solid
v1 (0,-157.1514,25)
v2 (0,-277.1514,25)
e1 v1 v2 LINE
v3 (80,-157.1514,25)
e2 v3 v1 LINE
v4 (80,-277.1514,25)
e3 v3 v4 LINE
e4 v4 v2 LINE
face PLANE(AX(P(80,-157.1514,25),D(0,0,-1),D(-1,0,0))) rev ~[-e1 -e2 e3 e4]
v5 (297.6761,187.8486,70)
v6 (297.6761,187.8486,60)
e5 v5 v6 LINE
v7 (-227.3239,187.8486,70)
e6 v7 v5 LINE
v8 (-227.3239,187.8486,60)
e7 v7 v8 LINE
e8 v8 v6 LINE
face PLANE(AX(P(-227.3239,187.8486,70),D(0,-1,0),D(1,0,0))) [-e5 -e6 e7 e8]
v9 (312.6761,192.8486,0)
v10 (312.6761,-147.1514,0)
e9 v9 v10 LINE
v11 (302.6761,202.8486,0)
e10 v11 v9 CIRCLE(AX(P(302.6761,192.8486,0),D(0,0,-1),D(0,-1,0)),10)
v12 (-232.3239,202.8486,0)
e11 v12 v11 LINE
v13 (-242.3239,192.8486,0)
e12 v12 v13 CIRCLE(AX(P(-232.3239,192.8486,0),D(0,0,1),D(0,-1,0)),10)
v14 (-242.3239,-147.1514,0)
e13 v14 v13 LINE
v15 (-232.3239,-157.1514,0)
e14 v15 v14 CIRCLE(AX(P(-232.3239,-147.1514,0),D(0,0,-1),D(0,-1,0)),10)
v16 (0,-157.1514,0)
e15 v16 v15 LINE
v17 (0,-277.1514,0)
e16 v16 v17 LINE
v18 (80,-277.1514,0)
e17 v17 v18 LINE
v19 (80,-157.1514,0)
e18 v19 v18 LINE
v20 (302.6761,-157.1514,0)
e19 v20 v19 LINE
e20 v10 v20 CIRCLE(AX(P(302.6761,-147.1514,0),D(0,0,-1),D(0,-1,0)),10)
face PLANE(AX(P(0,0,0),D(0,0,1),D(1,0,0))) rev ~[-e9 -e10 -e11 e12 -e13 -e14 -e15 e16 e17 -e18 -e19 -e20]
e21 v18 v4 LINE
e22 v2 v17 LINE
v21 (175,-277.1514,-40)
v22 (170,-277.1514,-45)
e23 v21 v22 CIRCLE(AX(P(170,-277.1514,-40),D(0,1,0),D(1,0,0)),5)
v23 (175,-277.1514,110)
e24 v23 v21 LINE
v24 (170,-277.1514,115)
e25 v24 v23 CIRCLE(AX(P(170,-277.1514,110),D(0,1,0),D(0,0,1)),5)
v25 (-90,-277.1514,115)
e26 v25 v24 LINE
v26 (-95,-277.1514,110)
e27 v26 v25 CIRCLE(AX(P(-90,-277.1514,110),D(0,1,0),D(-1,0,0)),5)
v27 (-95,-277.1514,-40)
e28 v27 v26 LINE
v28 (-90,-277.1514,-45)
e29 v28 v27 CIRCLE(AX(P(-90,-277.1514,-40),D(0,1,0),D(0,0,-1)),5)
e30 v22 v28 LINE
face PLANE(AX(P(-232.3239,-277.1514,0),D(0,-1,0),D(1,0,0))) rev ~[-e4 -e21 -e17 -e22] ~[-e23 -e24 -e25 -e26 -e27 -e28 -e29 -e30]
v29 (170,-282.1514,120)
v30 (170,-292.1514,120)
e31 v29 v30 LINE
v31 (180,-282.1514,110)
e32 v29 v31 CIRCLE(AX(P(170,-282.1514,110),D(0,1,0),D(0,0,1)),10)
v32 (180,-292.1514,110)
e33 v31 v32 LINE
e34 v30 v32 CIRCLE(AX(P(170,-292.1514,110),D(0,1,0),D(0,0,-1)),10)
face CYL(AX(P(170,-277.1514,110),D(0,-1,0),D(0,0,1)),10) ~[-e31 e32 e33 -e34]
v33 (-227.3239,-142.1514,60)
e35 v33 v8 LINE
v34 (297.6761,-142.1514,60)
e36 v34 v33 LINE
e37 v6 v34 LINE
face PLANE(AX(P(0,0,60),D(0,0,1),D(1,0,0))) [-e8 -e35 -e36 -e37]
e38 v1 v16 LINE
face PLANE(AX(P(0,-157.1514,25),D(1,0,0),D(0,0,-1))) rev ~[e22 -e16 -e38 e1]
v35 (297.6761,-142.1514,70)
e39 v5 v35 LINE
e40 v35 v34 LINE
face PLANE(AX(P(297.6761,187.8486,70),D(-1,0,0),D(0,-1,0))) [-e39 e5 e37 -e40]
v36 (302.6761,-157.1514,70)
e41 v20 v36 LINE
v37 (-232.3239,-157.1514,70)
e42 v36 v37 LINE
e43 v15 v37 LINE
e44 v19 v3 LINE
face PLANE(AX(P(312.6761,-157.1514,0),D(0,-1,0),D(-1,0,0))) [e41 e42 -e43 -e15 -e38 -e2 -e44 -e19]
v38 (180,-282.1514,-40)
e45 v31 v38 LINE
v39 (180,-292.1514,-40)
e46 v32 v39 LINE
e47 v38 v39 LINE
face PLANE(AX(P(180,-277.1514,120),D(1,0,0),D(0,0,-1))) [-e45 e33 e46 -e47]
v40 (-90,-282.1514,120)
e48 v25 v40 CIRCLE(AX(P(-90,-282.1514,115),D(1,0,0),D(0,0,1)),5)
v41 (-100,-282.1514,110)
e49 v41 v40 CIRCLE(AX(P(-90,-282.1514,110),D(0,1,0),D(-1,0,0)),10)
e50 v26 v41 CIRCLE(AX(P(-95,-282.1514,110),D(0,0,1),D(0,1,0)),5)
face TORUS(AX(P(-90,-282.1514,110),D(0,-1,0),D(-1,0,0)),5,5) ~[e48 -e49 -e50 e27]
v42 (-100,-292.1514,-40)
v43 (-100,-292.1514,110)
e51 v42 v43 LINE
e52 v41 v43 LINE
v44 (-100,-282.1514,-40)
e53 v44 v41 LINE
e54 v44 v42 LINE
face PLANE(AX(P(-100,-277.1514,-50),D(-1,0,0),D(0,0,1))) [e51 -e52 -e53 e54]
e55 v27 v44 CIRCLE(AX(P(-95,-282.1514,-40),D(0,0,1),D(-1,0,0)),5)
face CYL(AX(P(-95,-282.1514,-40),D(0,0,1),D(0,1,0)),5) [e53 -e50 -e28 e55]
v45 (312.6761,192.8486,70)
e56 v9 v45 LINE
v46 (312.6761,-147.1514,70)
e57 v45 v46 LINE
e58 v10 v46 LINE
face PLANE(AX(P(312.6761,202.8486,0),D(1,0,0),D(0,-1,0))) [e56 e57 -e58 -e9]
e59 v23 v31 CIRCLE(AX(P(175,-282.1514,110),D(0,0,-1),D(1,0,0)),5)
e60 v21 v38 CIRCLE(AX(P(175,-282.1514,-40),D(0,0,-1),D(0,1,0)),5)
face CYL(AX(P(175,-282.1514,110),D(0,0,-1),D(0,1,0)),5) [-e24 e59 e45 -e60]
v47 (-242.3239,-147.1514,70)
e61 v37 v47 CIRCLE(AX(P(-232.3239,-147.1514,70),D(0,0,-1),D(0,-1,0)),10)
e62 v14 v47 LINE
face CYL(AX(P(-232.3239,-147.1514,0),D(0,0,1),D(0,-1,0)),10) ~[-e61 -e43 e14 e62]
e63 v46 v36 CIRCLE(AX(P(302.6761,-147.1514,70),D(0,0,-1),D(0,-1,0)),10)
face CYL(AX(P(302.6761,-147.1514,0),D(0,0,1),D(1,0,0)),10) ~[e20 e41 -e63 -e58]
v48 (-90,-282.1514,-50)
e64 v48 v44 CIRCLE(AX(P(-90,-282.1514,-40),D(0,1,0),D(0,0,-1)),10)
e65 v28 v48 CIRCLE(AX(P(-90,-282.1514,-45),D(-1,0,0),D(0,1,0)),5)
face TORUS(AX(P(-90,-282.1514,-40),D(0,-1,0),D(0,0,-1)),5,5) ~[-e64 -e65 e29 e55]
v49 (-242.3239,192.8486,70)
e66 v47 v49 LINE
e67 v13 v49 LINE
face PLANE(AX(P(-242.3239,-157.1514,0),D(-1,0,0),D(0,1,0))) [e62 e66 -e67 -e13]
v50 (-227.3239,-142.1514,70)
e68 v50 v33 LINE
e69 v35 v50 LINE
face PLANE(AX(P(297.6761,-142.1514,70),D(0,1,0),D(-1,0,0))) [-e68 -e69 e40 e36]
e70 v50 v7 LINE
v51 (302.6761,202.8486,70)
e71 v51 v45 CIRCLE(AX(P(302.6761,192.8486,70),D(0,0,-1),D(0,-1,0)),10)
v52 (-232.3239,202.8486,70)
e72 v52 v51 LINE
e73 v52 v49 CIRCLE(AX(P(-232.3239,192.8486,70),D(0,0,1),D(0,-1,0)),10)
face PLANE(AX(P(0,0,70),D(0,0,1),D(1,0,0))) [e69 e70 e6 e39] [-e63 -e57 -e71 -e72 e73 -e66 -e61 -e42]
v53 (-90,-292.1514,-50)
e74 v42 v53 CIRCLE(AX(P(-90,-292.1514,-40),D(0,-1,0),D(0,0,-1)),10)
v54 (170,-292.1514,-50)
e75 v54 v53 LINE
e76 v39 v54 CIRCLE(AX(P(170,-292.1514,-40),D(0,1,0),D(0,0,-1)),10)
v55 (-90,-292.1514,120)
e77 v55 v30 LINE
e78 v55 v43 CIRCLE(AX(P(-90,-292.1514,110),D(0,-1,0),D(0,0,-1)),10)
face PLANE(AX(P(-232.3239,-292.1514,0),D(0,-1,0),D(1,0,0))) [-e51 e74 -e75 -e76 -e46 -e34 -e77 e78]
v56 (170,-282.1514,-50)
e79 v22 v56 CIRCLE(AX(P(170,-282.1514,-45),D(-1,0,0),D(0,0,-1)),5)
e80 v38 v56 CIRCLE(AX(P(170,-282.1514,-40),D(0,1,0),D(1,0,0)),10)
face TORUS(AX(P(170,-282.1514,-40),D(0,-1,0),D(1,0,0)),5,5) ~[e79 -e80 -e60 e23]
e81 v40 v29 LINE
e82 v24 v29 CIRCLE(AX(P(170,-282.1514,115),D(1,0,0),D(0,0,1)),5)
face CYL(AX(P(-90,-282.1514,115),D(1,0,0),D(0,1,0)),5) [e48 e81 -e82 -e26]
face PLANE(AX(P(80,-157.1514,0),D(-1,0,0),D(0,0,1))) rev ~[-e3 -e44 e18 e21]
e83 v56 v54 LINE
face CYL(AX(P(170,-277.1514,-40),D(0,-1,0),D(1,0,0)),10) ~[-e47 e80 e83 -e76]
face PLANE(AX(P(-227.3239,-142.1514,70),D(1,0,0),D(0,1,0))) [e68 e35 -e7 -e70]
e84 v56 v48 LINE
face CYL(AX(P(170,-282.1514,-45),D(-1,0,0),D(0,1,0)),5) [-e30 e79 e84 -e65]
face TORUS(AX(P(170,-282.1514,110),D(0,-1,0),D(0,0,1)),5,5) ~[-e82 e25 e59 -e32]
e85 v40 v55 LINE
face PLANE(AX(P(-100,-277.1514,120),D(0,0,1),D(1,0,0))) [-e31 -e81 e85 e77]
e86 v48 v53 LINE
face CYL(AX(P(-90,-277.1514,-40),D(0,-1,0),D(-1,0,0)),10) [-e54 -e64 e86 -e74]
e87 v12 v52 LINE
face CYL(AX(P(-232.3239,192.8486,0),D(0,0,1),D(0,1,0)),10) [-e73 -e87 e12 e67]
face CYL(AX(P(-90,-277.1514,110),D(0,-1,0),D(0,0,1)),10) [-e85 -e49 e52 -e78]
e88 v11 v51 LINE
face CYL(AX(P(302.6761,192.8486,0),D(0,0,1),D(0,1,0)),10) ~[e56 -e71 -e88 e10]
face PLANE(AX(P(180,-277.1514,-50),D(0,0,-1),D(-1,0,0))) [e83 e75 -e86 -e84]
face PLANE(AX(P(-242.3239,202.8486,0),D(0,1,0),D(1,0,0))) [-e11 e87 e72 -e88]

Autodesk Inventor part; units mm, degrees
ref_plane "YZ Plane" through (0, 0, 0) normal (1, 0, 0) x (0, 1, 0)
ref_plane "XZ Plane" through (0, 0, 0) normal (0, 1, 0) x (-1, 0, 0)
ref_plane "XY Plane" through (0, 0, 0) normal (0, 0, 1) x (1, 0, 0)
sketch "Esquisse1" plane through (0, 0, 0) normal (0, 0, 1) x (1, 0, 0)
  line L0 (-242.3239, 202.8486) -> (312.6761, 202.8486)
  line L1 (312.6761, 202.8486) -> (312.6761, -157.1514)
  line L2 (312.6761, -157.1514) -> (-242.3239, -157.1514)
  line L3 (-242.3239, -157.1514) -> (-242.3239, 202.8486)
  point P0 (0, 0)
  dimension "d0" = 555
  dimension "d1" = 360
extrude "Extrusion1" add sketch "Esquisse1" along normal blind 70
fillet "Congé1" radius 10 4 edges at (-242.3239, 202.8486, 35) (-242.3239, -157.1514, 35) (312.6761, -157.1514, 35) (312.6761, 202.8486, 35)
sketch "Esquisse2" plane through (0, 0, 70) normal (0, 0, 1) x (1, 0, 0)
  line L0 (-227.3239, 187.8486) -> (297.6761, 187.8486)
  line L1 (297.6761, 187.8486) -> (297.6761, -142.1514)
  line L2 (297.6761, -142.1514) -> (-227.3239, -142.1514)
  line L3 (-227.3239, -142.1514) -> (-227.3239, 187.8486)
  line L4 (302.6761, 202.8486) -> (-232.3239, 202.8486) projected
  line L5 (-232.3239, -157.1514) -> (302.6761, -157.1514) projected
  line L6 (-242.3239, 192.8486) -> (-242.3239, -147.1514) projected
  line L7 (312.6761, -147.1514) -> (312.6761, 192.8486) projected
  point P0 (0, 0)
  dimension "d5" = 15
  dimension "d6" = 15
  dimension "d7" = 15
  dimension "d8" = 15
extrude "Extrusion2" cut sketch "Esquisse2" against normal blind 10
sketch "Esquisse3" plane through (-232.3239, -157.1514, 0) normal (0, -1, 0) x (1, 0, 0)
  line L0 (232.3239, 0) -> (312.3239, 0)
  line L1 (312.3239, 0) -> (312.3239, 25)
  line L2 (312.3239, 25) -> (232.3239, 25)
  line L3 (232.3239, 25) -> (232.3239, 0)
  dimension "d11" = 80
  dimension "d12" = 25
extrude "Extrusion3" add sketch "Esquisse3" along normal blind 120
sketch "Esquisse4" plane through (-232.3239, -277.1514, 0) normal (0, -1, 0) x (1, 0, 0)
  line L0 (132.3239, 120) -> (412.3239, 120)
  line L1 (412.3239, 120) -> (412.3239, -50)
  line L2 (412.3239, -50) -> (132.3239, -50)
  line L3 (132.3239, -50) -> (132.3239, 120)
  line L4 (232.3239, 25) -> (232.3239, 0) projected
  dimension "d15" = 170
  dimension "d16" = 280
  dimension "d17" = 50
  dimension "d18" = 100
extrude "Extrusion4" add sketch "Esquisse4" along normal blind 15
fillet "Congé2" radius 10 4 edges at (180, -284.6514, 120) (-100, -284.6514, 120) (180, -284.6514, -50) (-100, -284.6514, -50)
fillet "Congé3" radius 5 8 edges at (177.0711, -277.1514, 117.0711) (180, -277.1514, 35) (177.0711, -277.1514, -47.0711) (40, -277.1514, -50) (-97.0711, -277.1514, -47.0711) (-100, -277.1514, 35) (-97.0711, -277.1514, 117.0711) (40, -277.1514, 120)
equation "\"d6\" = d5"
equation "\"d7\" = d5"
equation "\"d8\" = d5"
properties part number "Ecran"
